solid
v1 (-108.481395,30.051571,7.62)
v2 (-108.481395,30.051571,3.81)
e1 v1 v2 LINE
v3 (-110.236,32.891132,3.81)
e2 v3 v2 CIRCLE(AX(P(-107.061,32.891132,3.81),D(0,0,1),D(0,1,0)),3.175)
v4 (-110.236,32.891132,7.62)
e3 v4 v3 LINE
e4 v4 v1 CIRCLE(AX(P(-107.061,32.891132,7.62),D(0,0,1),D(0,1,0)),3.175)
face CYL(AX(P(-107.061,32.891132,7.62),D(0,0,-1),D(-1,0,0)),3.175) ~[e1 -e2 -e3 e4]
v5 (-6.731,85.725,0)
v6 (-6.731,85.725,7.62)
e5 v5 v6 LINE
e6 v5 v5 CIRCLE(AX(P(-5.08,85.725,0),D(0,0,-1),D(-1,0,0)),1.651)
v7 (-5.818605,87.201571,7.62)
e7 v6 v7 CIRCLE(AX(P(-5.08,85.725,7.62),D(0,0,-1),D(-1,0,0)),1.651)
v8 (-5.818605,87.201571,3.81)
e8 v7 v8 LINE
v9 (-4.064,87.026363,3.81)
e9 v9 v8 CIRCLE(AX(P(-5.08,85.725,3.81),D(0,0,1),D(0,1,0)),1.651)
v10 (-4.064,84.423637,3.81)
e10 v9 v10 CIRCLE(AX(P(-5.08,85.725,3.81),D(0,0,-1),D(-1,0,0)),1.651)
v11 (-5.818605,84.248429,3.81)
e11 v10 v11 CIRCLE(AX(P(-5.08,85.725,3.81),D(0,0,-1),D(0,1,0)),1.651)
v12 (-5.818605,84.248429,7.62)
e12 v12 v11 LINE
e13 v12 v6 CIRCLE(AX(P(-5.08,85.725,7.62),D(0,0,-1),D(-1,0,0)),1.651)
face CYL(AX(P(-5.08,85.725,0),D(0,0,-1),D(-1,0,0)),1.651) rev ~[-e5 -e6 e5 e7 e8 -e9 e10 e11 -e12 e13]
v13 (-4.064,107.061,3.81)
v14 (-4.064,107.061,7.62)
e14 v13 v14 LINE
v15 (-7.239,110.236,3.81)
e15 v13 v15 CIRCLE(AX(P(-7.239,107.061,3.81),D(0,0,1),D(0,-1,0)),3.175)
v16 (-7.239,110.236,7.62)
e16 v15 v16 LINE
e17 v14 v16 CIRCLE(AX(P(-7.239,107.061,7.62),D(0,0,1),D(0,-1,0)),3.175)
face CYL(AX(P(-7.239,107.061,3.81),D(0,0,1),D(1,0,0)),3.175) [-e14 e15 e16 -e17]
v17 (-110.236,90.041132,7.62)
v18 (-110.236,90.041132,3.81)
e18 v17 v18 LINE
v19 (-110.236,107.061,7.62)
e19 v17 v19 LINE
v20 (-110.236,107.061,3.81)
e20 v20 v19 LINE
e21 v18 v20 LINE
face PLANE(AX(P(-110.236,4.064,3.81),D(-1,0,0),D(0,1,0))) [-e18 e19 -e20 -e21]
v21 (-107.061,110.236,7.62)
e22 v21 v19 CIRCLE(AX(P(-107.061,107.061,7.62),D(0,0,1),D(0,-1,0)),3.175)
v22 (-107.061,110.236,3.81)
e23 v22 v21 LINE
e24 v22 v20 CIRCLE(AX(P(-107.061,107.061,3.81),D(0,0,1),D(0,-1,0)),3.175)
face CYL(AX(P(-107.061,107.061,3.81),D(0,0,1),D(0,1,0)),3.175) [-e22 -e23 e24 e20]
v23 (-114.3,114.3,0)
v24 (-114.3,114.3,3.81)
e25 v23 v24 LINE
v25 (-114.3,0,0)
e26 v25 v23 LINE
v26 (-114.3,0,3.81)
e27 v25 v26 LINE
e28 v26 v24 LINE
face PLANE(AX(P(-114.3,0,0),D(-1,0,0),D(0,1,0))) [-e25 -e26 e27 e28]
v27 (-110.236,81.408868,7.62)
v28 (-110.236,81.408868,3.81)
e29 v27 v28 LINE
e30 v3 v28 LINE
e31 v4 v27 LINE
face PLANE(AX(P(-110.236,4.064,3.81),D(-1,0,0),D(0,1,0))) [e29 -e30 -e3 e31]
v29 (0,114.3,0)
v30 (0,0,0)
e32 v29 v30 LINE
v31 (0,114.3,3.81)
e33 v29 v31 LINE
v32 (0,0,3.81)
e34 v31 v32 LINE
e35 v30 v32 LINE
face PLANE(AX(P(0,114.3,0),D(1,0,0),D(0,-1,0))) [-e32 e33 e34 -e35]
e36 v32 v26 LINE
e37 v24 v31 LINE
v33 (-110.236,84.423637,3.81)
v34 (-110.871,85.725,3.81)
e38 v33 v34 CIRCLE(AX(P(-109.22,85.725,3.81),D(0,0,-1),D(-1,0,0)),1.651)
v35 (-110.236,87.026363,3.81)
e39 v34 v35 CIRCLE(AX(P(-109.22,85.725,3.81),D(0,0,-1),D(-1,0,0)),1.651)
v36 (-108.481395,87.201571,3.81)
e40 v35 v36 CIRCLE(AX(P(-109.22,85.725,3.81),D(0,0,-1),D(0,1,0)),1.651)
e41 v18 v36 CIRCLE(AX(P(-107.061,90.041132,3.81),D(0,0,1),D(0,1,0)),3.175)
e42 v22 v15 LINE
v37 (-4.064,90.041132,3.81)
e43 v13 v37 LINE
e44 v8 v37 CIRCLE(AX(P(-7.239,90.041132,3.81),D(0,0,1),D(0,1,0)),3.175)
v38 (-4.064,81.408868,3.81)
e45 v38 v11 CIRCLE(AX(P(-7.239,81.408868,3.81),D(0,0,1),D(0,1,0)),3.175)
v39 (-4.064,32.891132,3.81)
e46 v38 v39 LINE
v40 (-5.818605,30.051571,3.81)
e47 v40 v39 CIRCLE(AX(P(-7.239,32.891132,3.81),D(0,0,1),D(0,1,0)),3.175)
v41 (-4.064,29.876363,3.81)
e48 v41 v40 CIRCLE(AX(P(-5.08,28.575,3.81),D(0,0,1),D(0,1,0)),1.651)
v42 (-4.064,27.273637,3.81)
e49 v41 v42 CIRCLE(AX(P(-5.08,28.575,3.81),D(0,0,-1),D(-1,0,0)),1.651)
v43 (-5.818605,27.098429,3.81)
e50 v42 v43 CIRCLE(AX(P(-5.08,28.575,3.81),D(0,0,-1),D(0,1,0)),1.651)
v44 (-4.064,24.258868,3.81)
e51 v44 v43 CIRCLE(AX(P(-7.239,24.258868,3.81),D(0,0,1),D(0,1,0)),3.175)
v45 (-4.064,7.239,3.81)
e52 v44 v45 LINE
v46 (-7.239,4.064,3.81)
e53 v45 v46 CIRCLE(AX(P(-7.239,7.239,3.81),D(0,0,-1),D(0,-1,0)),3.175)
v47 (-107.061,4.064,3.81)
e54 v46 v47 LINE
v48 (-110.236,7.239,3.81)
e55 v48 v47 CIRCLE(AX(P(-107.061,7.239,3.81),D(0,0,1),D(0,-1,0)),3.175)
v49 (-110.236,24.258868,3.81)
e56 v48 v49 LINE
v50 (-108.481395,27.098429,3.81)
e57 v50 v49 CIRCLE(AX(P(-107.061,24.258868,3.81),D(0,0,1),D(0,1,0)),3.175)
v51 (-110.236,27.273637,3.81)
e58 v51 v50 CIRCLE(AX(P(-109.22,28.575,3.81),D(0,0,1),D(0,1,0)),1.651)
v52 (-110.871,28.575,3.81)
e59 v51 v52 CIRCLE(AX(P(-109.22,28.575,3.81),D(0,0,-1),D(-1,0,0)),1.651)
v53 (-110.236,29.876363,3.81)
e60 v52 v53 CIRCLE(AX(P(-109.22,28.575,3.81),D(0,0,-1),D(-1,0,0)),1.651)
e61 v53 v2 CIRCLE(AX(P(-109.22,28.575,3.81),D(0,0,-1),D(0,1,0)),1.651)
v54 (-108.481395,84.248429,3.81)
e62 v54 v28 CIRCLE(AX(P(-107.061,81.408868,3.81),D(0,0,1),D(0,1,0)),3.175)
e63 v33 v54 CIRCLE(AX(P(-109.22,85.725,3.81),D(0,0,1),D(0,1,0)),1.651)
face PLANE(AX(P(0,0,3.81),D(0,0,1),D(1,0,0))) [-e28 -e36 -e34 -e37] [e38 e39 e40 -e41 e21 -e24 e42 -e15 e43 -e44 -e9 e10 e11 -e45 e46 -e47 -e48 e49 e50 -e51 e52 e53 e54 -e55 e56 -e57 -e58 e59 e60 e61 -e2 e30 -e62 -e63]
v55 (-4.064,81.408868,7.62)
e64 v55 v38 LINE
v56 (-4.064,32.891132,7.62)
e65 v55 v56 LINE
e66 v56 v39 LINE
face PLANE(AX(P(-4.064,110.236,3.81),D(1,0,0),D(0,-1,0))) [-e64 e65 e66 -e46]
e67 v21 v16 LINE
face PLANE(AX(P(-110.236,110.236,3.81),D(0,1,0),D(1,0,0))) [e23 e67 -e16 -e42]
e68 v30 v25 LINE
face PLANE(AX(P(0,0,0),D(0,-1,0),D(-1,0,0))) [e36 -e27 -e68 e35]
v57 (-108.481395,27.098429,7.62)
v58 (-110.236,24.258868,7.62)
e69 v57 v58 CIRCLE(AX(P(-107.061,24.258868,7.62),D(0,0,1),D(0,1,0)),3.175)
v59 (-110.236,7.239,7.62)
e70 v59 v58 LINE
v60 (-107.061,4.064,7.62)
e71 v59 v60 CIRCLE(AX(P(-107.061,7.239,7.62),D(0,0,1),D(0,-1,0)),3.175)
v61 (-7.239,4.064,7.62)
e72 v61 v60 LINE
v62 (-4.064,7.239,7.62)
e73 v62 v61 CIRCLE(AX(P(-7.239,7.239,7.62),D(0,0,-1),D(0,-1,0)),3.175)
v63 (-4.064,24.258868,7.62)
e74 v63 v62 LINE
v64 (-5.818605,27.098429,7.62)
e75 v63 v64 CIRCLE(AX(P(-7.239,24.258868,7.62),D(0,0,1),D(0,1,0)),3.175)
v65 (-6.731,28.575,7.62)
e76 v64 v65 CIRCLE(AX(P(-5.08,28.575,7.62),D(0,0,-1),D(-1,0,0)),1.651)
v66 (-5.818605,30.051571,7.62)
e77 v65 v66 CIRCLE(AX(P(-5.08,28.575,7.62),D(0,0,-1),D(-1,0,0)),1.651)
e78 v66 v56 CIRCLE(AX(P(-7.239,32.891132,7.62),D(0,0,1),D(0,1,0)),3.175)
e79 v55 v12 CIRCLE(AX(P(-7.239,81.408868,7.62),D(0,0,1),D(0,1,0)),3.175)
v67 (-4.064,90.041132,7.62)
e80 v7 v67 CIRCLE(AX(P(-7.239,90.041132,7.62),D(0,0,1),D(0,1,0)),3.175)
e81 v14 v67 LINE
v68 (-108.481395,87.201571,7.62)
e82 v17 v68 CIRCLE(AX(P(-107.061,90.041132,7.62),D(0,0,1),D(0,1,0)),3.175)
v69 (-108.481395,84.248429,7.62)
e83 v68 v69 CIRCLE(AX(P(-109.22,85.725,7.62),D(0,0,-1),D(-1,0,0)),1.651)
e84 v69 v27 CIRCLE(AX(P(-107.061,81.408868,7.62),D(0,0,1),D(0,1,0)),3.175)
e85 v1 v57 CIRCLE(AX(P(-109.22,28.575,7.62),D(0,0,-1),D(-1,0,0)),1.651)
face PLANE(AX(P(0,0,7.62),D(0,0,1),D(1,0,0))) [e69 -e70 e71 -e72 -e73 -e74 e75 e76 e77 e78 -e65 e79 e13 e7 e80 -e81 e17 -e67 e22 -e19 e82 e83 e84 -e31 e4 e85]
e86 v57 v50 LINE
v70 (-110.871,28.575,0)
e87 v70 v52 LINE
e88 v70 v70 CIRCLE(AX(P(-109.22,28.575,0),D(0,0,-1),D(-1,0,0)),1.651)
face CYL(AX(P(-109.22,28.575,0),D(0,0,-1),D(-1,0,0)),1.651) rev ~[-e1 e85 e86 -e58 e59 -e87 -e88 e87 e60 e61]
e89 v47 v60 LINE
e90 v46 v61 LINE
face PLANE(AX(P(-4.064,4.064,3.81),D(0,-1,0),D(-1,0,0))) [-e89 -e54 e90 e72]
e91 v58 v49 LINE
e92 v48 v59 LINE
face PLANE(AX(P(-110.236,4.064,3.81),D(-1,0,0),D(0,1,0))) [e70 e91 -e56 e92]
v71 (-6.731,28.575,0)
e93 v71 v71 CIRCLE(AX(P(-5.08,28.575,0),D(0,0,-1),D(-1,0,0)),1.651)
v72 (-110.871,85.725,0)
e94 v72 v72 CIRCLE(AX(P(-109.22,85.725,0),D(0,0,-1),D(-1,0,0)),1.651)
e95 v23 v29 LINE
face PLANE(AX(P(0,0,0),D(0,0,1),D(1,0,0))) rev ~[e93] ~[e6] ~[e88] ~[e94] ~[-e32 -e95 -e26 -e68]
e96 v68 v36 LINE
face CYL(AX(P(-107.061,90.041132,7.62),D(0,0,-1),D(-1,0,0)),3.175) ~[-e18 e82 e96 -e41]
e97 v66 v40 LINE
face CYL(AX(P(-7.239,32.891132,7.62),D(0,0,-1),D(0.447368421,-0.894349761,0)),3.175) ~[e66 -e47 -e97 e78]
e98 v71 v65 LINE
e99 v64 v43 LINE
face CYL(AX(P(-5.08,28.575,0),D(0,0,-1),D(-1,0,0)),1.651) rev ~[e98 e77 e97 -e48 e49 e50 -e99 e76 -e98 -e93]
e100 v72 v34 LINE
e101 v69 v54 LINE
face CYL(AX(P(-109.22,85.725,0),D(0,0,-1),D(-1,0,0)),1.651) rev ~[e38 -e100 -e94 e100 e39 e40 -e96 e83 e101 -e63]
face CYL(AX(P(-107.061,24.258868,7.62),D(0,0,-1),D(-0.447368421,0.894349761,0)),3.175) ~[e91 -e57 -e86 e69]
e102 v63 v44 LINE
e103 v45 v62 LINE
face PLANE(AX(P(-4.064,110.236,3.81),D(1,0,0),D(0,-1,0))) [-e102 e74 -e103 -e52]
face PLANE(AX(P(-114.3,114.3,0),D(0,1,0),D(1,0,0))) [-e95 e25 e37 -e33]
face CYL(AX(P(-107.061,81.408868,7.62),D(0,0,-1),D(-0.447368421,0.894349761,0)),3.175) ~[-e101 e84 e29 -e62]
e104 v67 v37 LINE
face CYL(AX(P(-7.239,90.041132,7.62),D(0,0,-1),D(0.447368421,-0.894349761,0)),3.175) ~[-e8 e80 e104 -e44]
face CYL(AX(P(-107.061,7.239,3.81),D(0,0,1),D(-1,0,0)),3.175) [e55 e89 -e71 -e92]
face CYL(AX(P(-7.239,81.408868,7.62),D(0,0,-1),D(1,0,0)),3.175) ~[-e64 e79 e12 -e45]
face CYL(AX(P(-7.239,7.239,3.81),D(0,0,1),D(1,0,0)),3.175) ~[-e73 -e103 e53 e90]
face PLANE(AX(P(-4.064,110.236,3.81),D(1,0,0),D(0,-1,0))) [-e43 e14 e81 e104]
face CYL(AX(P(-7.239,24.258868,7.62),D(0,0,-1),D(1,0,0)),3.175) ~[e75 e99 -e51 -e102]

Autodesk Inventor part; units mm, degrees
ref_plane "YZ Plane" through (0, 0, 0) normal (1, 0, 0) x (0, 1, 0)
ref_plane "XZ Plane" through (0, 0, 0) normal (0, 1, 0) x (-1, 0, 0)
ref_plane "XY Plane" through (0, 0, 0) normal (0, 0, 1) x (1, 0, 0)
sketch "Sketch1" plane through (0, 0, 0) normal (0, 0, 1) x (1, 0, 0)
  line L0 (0, 0) -> (-114.3, 0)
  line L1 (-114.3, 0) -> (-114.3, 114.3)
  line L2 (-114.3, 114.3) -> (0, 114.3)
  line L3 (0, 114.3) -> (0, 0)
  line L4 (-3.81, 3.81) -> (-110.49, 3.81)
  line L5 (-110.49, 3.81) -> (-110.49, 110.49)
  line L6 (-110.49, 110.49) -> (-3.81, 110.49)
  line L7 (-3.81, 110.49) -> (-3.81, 3.81)
  dimension "d0" = 3.81
  dimension "d1" = 3.81
  dimension "d2" = 3.81
  dimension "d3" = 3.81
  dimension "d4" = 114.3
  dimension "d5" = 114.3
extrude "Extrusion1" add sketch "Sketch1" along normal blind 3.81 contours L0 L1 L2 L3 | L4 L5 L6 L7
sketch "Sketch2" plane through (0, 0, 3.81) normal (0, 0, 1) x (1, 0, 0)
  line L0 (-4.064, 4.064) -> (-110.236, 4.064)
  line L1 (-110.236, 4.064) -> (-110.236, 110.236)
  line L2 (-110.236, 110.236) -> (-4.064, 110.236)
  line L3 (-4.064, 110.236) -> (-4.064, 4.064)
  line L4 (-114.3, 114.3) -> (-114.3, 0) projected
  line L5 (0, 114.3) -> (-114.3, 114.3) projected
  line L6 (0, 0) -> (0, 114.3) projected
  line L7 (-114.3, 0) -> (0, 0) projected
  dimension "d8" = 4.064
  dimension "d9" = 4.064
  dimension "d10" = 4.064
  dimension "d11" = 4.064
extrude "Extrusion2" add sketch "Sketch2" along normal blind 3.81 contours L0 L1 L2 L3
fillet "Fillet1" radius 3.175 4 edges at (-4.064, 110.236, 5.715) (-110.236, 110.236, 5.715) (-110.236, 4.064, 5.715) (-4.064, 4.064, 5.715)
sketch "Sketch3" plane through (0, 0, 0) normal (0, 0, -1) x (-1, 0, 0)
  circle A0 centre (109.22, 85.725) radius 1.651
  circle A1 centre (109.22, 28.575) radius 1.651
  line L0 (114.3, 0) -> (114.3, 114.3)
  line L1 (114.3, 114.3) -> (0, 114.3)
  circle A2 centre (5.08, 85.725) radius 1.651
  circle A3 centre (5.08, 28.575) radius 1.651
  line L2 (0, 114.3) -> (0, 0)
  line L3 (0, 0) -> (114.3, 0)
  dimension "d15" = 3.302
  dimension "d16" = 57.15
  dimension "d17" = 57.15
  dimension "d18" = 104.14
  dimension "d19" = 104.14
  dimension "d20" = 28.575
  dimension "d21" = 114.3
  dimension "d22" = 5.08
  dimension "d23" = 5.08
  dimension "d24" = 5.08
  dimension "d37" = 114.3
  dimension "d38" = 114.3
  dimension "d39" = 114.3
  dimension "d40" = 114.3
extrude "Extrusion3" cut sketch "Sketch3" against normal up to surface (7.62 mm away) contours A0 | A1 | A2 | A3
fillet "Fillet2" radius 3.175 8 edges at (-4.064, 27.2736, 5.715) (-4.064, 29.8764, 5.715) (-4.064, 84.4236, 5.715) (-4.064, 87.0264, 5.715) (-110.236, 87.0264, 5.715) (-110.236, 84.4236, 5.715) (-110.236, 29.8764, 5.715) (-110.236, 27.2736, 5.715)
equation "\"d1\" = d0"
equation "\"d2\" = d0"
equation "\"d3\" = d0"
equation "\"d16\" = d17"
equation "\"d19\" = d18"
equation "\"d23\" = d22"
equation "\"d24\" = d22"
properties part number "Lid"
